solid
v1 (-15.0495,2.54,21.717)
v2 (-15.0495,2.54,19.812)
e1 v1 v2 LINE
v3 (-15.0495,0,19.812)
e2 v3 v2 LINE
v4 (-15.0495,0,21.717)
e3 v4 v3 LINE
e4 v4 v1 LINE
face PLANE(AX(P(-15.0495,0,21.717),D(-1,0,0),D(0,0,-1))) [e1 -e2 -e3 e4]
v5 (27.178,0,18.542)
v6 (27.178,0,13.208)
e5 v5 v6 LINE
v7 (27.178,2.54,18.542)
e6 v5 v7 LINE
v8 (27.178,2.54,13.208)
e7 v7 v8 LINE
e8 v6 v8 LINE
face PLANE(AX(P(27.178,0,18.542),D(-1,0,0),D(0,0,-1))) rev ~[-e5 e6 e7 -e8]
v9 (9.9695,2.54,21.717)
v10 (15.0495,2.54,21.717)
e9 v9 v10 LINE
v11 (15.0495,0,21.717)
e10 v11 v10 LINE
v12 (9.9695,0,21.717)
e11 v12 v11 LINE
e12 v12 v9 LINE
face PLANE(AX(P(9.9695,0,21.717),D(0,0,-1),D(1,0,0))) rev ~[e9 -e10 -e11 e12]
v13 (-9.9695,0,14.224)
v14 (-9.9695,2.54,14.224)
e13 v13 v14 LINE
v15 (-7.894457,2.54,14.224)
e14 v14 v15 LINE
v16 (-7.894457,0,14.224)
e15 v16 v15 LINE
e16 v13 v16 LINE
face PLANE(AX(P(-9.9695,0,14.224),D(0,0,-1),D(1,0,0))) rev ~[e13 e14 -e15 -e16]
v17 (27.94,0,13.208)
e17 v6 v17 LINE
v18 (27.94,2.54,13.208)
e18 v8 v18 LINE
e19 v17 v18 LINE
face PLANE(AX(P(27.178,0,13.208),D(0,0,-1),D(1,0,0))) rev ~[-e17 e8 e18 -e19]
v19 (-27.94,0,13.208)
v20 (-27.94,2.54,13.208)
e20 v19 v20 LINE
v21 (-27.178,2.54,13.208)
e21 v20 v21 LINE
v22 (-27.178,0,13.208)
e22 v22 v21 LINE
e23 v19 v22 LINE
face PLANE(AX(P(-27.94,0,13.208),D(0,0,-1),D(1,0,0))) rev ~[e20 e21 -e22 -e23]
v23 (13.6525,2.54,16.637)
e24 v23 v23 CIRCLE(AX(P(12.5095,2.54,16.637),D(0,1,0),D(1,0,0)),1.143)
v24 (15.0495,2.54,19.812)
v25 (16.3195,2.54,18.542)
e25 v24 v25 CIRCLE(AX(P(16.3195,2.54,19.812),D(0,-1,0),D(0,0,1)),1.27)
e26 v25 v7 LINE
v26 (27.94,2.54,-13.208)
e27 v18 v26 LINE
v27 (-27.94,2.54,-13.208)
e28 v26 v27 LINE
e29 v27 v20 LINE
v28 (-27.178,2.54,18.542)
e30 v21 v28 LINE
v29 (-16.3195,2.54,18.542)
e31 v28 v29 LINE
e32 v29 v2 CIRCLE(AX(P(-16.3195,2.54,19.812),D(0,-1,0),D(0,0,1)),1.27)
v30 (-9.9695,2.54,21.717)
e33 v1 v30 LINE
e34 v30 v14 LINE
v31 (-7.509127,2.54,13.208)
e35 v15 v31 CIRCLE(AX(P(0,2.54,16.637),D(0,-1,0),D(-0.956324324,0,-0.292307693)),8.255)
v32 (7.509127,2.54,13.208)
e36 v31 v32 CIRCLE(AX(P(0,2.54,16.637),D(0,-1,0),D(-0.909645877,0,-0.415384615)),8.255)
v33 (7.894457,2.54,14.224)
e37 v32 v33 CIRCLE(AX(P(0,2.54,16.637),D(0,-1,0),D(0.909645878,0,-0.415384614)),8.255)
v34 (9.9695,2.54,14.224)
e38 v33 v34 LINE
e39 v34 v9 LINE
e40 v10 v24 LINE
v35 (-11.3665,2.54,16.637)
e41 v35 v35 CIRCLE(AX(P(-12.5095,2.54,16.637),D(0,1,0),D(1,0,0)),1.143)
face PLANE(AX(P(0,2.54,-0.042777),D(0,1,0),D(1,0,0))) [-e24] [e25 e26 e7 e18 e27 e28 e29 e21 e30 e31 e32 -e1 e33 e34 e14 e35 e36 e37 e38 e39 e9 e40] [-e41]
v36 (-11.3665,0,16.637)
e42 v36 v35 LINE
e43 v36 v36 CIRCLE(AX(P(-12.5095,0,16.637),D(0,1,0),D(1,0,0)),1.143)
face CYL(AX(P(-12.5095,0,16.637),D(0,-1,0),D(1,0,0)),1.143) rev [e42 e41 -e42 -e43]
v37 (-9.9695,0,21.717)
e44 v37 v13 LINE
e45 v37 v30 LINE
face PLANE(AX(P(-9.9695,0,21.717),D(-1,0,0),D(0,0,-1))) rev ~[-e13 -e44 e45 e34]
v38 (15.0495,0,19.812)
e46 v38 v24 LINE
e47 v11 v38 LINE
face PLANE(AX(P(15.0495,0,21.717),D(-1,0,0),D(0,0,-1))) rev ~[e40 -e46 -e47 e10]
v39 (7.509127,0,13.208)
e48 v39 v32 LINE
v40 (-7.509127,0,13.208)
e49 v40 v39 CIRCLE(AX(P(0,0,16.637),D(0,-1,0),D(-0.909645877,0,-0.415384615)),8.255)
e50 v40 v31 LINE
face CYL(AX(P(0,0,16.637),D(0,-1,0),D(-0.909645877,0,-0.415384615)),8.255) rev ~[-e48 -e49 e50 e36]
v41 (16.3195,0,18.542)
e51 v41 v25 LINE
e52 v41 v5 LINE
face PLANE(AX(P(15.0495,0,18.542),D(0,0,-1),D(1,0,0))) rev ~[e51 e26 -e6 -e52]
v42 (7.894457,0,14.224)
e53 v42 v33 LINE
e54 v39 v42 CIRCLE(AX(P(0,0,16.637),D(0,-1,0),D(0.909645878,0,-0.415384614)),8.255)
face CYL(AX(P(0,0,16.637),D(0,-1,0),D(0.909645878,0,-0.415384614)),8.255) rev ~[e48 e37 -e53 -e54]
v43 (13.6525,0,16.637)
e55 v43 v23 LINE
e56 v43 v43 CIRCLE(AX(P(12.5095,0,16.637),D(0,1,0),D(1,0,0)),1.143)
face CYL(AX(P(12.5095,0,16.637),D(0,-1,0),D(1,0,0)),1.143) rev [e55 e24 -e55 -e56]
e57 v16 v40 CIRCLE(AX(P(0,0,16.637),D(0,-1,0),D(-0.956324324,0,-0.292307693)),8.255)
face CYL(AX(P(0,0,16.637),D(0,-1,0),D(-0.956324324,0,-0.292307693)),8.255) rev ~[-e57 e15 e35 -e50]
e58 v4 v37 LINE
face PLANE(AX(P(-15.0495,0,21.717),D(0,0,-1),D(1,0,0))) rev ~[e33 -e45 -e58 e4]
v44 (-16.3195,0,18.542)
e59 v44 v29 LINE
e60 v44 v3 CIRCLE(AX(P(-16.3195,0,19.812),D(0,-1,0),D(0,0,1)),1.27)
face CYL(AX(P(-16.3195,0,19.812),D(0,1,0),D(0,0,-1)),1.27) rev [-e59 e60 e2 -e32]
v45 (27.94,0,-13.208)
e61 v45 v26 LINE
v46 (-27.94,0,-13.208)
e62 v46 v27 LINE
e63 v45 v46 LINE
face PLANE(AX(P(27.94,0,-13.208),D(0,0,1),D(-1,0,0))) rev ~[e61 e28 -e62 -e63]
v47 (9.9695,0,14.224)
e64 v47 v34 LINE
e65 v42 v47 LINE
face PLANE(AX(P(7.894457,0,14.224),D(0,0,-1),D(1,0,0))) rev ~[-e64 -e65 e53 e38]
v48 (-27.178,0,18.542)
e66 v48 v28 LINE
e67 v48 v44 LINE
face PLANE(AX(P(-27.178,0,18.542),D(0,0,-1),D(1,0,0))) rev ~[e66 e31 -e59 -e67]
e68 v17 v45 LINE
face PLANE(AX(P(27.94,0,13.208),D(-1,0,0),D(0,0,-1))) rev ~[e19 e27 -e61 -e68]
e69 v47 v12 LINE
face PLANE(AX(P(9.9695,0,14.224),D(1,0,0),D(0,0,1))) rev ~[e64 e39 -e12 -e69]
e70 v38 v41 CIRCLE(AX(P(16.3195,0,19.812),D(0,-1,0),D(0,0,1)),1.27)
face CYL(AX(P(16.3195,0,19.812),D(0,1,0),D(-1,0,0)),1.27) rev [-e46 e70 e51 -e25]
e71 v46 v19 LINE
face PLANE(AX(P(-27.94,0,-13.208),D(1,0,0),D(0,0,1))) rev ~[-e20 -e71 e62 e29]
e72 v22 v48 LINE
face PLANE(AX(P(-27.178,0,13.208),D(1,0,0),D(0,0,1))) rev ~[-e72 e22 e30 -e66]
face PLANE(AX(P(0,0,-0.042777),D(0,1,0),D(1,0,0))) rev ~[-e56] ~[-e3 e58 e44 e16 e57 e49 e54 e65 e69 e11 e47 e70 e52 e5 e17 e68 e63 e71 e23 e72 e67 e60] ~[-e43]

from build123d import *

# Parameters (mm, degrees)
SKETCH1_R  = 1.143
SKETCH1_W  = 5.08
SKETCH1_H  = 3.175
BODY_DEPTH = 2.54
FILLET1_R  = 1.27


with BuildPart() as part:
    # Sketch1 → body (new body)
    with BuildSketch(Plane(origin=(0, 0, 0), x_dir=(1, 0, 0), z_dir=(0, 1, 0))):
        with BuildLine():
            Line((-27.94, 13.208), (-27.94, -13.208))
            Line((-27.94, -13.208), (-27.178, -13.208))
            Line((-27.178, -13.208), (-7.509126714, -13.208))
            ThreePointArc((-7.509126714, -13.208), (0, -8.382), (7.509126714, -13.208))
            Line((7.509126714, -13.208), (27.178, -13.208))
            Line((27.178, -13.208), (27.94, -13.208))
            Line((27.94, -13.208), (27.94, 13.208))
            Line((27.94, 13.208), (-27.94, 13.208))
        make_face()
        with BuildLine():
            Line((-7.509126714, -13.208), (-27.178, -13.208))
            Line((-27.178, -13.208), (-27.178, -18.542))
            Line((-27.178, -18.542), (-15.0495, -18.542))
            Line((-15.0495, -18.542), (-9.9695, -18.542))
            Line((-9.9695, -18.542), (-9.9695, -14.224))
            Line((-9.9695, -14.224), (-7.894457296, -14.224))
            ThreePointArc((-7.894457296, -14.224), (-7.718527326, -13.709652922), (-7.509126714, -13.208))
        make_face()
        with Locations((-12.5095, -16.637)):
            Circle(SKETCH1_R, mode=Mode.SUBTRACT)
        with BuildLine():
            Line((27.178, -13.208), (7.509126714, -13.208))
            ThreePointArc((7.509126714, -13.208), (7.718527326, -13.709652922), (7.894457296, -14.224))
            Line((7.894457296, -14.224), (9.9695, -14.224))
            Line((9.9695, -14.224), (9.9695, -18.542))
            Line((9.9695, -18.542), (15.0495, -18.542))
            Line((15.0495, -18.542), (27.178, -18.542))
            Line((27.178, -18.542), (27.178, -13.208))
        make_face()
        with Locations((12.5095, -16.637)):
            Circle(SKETCH1_R, mode=Mode.SUBTRACT)
        with Locations((-12.5095, -20.1295)):
            Rectangle(SKETCH1_W, SKETCH1_H)
        with Locations((12.5095, -20.1295)):
            Rectangle(SKETCH1_W, SKETCH1_H)
    extrude(amount=BODY_DEPTH)

    # Fillet1
    fillet1_edges = [part.edges().sort_by_distance(p)[0] for p in [
        (15.0495, 1.27, 18.542),
        (-15.0495, 1.27, 18.542),
    ]]
    fillet(fillet1_edges, radius=FILLET1_R)


solid = part.part
